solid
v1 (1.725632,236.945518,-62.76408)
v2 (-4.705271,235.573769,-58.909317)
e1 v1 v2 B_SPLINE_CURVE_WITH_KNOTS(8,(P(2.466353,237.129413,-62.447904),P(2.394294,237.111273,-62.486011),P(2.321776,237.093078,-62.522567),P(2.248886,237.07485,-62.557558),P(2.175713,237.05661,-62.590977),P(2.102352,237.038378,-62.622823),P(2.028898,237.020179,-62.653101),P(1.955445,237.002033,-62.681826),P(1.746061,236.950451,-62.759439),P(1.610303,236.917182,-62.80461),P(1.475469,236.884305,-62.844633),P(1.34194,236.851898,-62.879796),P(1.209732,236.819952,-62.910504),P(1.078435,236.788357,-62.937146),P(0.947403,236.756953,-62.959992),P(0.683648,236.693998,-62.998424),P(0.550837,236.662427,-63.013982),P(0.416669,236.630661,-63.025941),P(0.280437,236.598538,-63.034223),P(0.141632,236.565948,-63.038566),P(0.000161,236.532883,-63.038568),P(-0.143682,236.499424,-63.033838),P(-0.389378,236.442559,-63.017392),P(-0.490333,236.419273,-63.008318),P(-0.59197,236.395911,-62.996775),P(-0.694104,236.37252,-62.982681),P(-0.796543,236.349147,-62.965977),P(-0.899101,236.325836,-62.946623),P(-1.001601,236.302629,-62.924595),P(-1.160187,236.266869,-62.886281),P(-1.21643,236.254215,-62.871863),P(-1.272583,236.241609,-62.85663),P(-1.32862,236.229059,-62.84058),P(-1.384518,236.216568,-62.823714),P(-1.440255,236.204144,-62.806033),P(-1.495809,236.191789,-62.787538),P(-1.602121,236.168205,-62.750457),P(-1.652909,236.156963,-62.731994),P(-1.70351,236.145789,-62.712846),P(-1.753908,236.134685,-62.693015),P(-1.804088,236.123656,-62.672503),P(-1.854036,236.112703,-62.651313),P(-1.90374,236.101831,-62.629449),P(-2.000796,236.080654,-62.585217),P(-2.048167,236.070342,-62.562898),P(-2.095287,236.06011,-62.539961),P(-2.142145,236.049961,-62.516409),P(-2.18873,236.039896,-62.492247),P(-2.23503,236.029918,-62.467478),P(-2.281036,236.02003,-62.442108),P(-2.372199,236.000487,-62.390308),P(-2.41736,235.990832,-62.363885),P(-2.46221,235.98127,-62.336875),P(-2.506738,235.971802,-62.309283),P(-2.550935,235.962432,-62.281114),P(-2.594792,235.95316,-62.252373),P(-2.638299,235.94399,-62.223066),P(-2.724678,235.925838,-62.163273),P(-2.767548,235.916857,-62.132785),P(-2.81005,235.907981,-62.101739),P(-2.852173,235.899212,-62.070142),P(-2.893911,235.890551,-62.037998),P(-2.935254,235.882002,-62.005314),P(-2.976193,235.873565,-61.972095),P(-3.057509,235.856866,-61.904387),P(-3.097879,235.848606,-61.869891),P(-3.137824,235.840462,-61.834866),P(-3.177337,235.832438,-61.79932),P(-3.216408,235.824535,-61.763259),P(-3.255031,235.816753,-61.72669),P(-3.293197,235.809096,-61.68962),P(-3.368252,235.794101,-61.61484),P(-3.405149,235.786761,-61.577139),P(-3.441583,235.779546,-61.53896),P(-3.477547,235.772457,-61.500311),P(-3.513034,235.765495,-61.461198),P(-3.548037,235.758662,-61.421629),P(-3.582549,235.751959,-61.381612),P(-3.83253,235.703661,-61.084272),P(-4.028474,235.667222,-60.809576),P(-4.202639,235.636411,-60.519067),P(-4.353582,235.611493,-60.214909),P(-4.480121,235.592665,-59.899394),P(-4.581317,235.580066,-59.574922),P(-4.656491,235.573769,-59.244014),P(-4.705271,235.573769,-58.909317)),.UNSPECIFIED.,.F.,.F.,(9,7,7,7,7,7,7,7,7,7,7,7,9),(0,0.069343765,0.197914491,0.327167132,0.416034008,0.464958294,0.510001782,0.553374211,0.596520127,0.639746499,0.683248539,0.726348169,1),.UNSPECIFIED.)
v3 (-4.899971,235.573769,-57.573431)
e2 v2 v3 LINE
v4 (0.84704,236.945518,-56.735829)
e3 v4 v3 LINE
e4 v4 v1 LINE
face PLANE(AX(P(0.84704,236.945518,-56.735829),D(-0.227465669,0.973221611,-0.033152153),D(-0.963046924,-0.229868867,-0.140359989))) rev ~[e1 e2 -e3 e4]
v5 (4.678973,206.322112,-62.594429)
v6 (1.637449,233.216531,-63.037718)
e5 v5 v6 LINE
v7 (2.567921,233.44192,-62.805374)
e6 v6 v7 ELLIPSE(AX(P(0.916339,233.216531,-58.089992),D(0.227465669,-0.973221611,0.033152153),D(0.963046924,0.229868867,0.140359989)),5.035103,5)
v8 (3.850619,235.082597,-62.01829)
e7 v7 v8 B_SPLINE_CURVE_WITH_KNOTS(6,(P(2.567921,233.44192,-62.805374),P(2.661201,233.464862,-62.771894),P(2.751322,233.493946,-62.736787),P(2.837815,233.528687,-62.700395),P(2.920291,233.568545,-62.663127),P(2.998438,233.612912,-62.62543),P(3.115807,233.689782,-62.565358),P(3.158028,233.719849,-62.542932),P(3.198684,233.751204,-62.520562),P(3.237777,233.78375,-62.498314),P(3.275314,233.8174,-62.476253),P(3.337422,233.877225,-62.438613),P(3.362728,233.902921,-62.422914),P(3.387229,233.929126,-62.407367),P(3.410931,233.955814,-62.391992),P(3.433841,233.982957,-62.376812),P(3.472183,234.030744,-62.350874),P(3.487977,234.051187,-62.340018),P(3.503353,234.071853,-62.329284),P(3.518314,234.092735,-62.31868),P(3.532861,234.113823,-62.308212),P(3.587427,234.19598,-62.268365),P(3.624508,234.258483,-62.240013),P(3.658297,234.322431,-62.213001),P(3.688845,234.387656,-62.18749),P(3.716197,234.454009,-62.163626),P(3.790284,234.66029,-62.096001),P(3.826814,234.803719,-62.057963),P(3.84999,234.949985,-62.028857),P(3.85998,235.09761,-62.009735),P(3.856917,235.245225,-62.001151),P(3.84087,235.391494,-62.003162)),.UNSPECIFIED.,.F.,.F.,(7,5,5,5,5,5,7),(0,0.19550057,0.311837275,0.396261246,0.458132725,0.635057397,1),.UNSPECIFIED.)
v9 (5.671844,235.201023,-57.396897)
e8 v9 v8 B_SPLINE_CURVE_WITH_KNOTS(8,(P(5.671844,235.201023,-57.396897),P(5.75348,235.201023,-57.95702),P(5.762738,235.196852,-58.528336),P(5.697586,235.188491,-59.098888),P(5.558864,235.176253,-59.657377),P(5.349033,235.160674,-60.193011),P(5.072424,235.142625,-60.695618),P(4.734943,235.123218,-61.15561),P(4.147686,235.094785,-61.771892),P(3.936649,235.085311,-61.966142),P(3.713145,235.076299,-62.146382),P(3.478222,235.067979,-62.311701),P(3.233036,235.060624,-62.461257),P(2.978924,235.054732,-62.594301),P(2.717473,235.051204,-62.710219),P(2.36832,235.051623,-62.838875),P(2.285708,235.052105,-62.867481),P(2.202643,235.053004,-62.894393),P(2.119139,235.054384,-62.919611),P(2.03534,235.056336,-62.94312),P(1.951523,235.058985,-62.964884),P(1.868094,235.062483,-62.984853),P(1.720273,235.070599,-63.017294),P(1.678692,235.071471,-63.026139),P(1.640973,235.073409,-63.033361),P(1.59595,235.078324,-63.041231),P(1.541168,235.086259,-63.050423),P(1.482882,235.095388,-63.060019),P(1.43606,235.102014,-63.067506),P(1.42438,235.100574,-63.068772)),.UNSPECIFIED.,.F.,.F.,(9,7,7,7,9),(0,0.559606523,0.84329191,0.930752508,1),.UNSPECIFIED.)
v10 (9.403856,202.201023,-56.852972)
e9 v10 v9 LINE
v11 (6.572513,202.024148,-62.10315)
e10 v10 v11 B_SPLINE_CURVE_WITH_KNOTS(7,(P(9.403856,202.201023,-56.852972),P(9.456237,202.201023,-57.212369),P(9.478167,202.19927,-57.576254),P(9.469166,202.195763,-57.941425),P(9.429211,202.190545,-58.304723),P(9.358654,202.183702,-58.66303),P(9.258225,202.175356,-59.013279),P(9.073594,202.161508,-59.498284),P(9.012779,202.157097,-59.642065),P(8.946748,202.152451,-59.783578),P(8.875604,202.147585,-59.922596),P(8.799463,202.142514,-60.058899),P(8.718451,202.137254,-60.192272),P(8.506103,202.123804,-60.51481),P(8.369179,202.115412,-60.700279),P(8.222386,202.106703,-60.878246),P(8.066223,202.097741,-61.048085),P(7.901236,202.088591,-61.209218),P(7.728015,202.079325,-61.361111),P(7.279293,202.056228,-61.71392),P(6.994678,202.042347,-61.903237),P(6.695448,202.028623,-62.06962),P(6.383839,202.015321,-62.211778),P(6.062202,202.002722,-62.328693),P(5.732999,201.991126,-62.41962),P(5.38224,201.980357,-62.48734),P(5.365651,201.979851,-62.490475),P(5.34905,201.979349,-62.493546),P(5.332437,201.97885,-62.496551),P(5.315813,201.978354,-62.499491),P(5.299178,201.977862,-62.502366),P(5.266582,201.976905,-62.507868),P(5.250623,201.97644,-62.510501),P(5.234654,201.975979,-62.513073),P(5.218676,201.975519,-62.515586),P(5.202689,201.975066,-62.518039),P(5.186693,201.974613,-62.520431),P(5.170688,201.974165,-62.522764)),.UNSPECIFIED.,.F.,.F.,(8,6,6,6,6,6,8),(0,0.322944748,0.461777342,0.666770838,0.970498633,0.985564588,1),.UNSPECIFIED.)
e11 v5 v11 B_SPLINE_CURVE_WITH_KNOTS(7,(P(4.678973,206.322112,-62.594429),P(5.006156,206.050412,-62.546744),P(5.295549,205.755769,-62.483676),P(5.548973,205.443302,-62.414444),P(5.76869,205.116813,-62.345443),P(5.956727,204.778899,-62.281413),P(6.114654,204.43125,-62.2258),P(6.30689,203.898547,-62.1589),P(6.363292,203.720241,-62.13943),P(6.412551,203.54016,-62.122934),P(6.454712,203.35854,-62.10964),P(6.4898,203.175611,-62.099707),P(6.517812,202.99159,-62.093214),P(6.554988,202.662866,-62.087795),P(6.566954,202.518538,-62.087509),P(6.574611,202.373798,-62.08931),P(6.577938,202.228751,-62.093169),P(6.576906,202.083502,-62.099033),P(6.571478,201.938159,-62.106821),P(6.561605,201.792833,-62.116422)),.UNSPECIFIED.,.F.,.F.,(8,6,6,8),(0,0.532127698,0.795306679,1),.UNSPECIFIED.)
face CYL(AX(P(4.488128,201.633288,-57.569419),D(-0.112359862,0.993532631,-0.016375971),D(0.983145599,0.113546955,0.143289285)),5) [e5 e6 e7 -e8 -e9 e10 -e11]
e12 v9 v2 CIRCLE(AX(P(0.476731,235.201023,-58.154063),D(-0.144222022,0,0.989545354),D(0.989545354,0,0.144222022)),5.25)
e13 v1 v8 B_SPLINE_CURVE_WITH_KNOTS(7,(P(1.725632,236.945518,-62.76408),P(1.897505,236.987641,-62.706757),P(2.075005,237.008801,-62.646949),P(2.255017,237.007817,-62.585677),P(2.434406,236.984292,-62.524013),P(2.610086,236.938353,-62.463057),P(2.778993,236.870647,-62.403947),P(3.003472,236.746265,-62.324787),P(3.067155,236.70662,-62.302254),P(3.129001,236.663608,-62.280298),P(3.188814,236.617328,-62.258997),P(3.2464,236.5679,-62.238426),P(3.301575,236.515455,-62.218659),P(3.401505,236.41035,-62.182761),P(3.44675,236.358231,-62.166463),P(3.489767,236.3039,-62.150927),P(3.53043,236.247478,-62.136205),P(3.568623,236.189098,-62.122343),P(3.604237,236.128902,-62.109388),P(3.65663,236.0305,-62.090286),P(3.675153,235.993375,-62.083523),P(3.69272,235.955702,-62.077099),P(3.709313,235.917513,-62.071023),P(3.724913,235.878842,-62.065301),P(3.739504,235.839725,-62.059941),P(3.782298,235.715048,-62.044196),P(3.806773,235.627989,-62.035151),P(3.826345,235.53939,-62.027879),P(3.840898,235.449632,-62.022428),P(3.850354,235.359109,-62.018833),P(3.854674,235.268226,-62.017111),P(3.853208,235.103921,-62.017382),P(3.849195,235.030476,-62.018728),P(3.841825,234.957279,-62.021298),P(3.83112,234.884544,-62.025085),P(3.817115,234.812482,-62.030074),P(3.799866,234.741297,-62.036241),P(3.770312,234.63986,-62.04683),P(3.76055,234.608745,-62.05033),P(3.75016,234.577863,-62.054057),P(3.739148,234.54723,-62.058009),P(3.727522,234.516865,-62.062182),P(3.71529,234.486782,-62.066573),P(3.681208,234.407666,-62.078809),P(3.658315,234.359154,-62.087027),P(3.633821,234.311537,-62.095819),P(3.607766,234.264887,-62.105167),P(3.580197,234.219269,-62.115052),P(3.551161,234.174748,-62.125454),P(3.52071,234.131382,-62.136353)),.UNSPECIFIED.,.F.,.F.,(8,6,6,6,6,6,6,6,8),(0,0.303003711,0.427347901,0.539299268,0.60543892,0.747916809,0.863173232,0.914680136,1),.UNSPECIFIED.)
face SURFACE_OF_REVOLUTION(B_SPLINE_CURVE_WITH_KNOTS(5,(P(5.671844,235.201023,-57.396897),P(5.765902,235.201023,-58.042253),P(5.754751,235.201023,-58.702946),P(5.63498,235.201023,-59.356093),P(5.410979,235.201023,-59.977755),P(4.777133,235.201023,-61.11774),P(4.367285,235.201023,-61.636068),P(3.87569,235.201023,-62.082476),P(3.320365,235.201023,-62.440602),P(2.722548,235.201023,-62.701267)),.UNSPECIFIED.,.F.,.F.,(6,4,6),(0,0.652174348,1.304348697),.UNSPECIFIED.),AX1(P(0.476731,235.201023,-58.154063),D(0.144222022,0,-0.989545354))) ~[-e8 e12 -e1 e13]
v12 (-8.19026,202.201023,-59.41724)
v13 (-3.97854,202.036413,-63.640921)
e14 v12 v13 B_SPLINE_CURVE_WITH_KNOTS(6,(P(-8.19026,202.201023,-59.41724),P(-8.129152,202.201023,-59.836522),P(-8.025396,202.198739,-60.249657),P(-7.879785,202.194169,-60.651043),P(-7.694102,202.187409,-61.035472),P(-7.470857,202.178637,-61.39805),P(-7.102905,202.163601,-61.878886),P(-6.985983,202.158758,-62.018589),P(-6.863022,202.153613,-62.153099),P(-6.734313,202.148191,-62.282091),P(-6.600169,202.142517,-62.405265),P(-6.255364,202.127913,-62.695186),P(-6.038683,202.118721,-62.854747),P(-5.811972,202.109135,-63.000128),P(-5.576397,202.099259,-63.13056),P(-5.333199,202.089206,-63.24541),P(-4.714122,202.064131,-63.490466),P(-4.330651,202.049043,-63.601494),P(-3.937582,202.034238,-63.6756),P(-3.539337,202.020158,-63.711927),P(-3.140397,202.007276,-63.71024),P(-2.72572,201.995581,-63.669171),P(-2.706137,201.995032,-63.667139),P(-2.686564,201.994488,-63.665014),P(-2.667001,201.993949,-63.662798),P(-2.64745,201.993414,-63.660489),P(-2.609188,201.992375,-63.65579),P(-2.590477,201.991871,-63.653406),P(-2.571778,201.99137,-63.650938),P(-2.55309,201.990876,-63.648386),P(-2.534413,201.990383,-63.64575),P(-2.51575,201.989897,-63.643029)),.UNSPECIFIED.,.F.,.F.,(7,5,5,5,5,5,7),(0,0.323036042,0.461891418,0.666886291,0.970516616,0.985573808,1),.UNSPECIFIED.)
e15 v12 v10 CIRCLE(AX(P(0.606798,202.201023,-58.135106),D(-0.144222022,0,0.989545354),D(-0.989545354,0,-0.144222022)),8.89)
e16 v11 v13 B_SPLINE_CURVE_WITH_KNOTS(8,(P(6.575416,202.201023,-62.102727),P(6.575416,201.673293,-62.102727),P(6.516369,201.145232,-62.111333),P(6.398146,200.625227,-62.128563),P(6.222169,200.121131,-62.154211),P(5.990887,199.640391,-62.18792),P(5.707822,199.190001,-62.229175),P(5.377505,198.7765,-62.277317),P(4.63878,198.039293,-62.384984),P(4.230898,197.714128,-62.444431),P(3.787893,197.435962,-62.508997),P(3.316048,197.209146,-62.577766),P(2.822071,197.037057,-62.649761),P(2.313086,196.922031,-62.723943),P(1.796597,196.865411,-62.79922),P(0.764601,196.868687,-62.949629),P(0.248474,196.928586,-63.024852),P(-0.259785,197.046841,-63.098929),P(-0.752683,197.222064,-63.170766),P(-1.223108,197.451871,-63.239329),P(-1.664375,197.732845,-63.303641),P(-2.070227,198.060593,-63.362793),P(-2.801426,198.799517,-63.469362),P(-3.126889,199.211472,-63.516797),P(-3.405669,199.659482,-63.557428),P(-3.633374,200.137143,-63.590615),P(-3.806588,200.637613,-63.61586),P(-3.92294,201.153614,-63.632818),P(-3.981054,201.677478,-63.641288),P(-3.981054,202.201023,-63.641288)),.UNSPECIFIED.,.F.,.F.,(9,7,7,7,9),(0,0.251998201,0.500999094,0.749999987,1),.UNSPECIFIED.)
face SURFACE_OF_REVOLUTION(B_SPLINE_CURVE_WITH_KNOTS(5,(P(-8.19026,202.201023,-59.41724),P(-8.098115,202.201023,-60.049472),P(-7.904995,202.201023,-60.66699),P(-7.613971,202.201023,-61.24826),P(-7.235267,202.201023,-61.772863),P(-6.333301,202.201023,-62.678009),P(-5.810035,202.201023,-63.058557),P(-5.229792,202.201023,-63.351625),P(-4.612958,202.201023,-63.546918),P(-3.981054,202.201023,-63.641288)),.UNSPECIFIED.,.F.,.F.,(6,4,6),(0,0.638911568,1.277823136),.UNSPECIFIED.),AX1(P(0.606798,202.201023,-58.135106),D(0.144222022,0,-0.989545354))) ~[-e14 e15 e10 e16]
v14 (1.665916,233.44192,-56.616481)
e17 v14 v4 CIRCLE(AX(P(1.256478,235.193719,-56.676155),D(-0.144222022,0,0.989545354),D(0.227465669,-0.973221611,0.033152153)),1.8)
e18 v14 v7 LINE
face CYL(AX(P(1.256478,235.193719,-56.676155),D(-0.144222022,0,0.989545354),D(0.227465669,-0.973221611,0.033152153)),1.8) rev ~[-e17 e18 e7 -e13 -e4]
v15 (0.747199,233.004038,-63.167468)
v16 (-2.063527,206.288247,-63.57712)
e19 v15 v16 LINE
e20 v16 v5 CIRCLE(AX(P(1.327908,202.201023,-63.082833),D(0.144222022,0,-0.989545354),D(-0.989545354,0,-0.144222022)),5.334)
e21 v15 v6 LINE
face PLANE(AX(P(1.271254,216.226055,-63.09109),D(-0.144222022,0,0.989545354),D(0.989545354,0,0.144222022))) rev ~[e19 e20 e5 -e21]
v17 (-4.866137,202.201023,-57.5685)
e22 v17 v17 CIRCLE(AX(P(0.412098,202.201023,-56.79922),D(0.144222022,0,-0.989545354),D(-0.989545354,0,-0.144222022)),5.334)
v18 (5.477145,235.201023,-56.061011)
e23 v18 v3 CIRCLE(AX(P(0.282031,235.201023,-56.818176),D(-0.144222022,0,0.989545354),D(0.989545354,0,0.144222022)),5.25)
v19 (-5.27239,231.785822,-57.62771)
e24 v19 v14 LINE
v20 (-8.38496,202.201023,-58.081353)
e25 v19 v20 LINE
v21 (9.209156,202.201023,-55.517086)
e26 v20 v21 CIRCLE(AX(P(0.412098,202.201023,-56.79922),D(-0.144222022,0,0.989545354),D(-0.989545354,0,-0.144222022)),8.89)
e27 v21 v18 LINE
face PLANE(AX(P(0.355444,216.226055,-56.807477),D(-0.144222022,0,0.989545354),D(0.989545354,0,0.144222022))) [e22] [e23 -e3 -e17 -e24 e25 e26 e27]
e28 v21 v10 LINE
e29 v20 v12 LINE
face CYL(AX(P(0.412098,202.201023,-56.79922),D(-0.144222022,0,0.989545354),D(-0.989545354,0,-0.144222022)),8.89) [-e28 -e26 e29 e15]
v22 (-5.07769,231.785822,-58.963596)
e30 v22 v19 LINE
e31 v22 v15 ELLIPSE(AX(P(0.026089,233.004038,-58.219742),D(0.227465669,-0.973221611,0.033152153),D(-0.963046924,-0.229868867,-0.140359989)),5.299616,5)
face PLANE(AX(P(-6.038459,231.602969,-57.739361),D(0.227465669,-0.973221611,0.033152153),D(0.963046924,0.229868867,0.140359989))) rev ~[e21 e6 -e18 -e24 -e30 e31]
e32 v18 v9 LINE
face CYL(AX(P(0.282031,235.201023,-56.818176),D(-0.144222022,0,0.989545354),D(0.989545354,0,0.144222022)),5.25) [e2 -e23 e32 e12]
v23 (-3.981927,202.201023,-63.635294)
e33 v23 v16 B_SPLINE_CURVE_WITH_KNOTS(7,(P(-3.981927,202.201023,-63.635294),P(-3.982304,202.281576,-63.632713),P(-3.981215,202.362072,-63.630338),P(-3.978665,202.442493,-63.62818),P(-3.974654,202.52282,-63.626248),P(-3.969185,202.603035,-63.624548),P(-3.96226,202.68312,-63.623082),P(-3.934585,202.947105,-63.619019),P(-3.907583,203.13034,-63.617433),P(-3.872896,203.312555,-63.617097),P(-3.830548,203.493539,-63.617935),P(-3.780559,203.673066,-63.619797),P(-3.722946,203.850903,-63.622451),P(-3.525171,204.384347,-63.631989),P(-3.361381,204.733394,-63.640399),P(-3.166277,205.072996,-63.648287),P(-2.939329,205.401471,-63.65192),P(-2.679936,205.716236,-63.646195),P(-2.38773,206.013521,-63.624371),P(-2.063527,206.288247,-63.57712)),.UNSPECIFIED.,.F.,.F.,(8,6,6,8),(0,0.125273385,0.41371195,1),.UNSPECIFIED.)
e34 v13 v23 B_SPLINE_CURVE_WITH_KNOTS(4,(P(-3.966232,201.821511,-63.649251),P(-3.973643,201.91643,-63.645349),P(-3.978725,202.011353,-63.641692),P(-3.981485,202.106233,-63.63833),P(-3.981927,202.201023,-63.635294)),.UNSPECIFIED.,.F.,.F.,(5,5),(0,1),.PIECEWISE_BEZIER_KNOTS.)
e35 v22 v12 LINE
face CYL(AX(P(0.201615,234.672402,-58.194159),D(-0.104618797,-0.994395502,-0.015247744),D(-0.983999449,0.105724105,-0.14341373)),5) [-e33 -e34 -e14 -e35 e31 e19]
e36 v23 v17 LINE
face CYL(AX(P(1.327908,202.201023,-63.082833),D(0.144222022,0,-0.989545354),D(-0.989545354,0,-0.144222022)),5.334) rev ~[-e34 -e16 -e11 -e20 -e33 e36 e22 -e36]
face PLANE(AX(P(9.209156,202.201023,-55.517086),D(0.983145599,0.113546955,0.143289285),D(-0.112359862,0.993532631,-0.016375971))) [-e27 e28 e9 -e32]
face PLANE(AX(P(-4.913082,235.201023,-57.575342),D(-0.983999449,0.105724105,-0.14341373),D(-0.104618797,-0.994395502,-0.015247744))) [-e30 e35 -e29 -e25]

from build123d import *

# Parameters (mm, degrees)
BASE_EXTRUDE_DEPTH = 6.35
FILLET1_R          = 5
CUT_EXTRUDE1_START = -6.35
CUT_EXTRUDE1_DEPTH = 6.350746
SKETCH4_R          = 5.334
CUT_EXTRUDE2_DEPTH = 6.35


with BuildPart() as part:
    # Sketch1 → Base Extrude (new body)
    with BuildSketch(Plane(origin=(8.114628625, -3.283425705, -55.67660861), x_dir=(-0.989545354, 0, -0.144222022), z_dir=(0.144222022, 0, -0.989545354))):
        with BuildLine():
            Line((-1.106091457, 205.484448373), (2.665349365, 238.484448373))
            ThreePointArc((2.665349365, 238.484448373), (7.915349365, 243.734448373), (13.165349365, 238.484448373))
            Line((13.165349365, 238.484448373), (16.673908543, 205.484448373))
            ThreePointArc((16.673908543, 205.484448373), (7.783908543, 196.594448373), (-1.106091457, 205.484448373))
        make_face()
    extrude(amount=BASE_EXTRUDE_DEPTH)

    # Fillet1
    fillet1_edges = [part.edges().sort_by_distance(p)[0] for p in [
        (-5.733211058, 218.701022668, -64.111960662),
        (1.327907925, 193.311022668, -63.082832637),
        (8.258960253, 218.701022668, -62.072661274),
        (1.19784127, 240.451022668, -63.101789298),
    ]]
    fillet(fillet1_edges, radius=FILLET1_R)

    # Sketch3 → Cut-Extrude1 (cut)
    with BuildSketch(Plane(origin=(9.030438463, -3.283425705, -61.96022161), x_dir=(-0.989545354, 0, -0.144222022), z_dir=(0.144222022, 0, -0.989545354)).offset(CUT_EXTRUDE1_START)):
        with BuildLine():
            Line((14.3026167, 234.886394841), (6.516843813, 236.725345777))
            ThreePointArc((6.516843813, 236.725345777), (5.178808874, 238.890908637), (7.344371734, 240.228943576))
            Line((7.344371734, 240.228943576), (15.130144622, 238.38999264))
            ThreePointArc((15.130144622, 238.38999264), (16.468179561, 236.22442978), (14.3026167, 234.886394841))
        make_face()
    extrude(amount=CUT_EXTRUDE1_DEPTH, mode=Mode.SUBTRACT)


with BuildPart() as body_2:
    # Mirror2: mirrored copy
    add(part.part.mirror(Plane(origin=(-103.213448145, 0, -15.042920567), x_dir=(-0.144222022, 0, 0.989545354), z_dir=(0.989545354, 0, 0.144222022))))


with BuildPart() as part_1:
    add(part.part)

    # Sketch4 → Cut-Extrude2 (cut)
    with BuildSketch(Plane(origin=(9.030438463, 0, -61.96022161), x_dir=(-0.989545354, 0, -0.144222022), z_dir=(0.144222022, 0, -0.989545354))):
        with Locations((7.783908543, 202.201022668)):
            Circle(SKETCH4_R)
    cut_extrude2 = extrude(amount=-CUT_EXTRUDE2_DEPTH, mode=Mode.SUBTRACT)


with BuildPart() as body_2_1:
    add(body_2.part)

    # Mirror3: Cut-Extrude2 across plane
    add(cut_extrude2.mirror(Plane(origin=(-103.213448145, 0, -15.042920567), x_dir=(-0.144222022, 0, 0.989545354), z_dir=(0.989545354, 0, 0.144222022))), mode=Mode.SUBTRACT)


solid = part_1.part
